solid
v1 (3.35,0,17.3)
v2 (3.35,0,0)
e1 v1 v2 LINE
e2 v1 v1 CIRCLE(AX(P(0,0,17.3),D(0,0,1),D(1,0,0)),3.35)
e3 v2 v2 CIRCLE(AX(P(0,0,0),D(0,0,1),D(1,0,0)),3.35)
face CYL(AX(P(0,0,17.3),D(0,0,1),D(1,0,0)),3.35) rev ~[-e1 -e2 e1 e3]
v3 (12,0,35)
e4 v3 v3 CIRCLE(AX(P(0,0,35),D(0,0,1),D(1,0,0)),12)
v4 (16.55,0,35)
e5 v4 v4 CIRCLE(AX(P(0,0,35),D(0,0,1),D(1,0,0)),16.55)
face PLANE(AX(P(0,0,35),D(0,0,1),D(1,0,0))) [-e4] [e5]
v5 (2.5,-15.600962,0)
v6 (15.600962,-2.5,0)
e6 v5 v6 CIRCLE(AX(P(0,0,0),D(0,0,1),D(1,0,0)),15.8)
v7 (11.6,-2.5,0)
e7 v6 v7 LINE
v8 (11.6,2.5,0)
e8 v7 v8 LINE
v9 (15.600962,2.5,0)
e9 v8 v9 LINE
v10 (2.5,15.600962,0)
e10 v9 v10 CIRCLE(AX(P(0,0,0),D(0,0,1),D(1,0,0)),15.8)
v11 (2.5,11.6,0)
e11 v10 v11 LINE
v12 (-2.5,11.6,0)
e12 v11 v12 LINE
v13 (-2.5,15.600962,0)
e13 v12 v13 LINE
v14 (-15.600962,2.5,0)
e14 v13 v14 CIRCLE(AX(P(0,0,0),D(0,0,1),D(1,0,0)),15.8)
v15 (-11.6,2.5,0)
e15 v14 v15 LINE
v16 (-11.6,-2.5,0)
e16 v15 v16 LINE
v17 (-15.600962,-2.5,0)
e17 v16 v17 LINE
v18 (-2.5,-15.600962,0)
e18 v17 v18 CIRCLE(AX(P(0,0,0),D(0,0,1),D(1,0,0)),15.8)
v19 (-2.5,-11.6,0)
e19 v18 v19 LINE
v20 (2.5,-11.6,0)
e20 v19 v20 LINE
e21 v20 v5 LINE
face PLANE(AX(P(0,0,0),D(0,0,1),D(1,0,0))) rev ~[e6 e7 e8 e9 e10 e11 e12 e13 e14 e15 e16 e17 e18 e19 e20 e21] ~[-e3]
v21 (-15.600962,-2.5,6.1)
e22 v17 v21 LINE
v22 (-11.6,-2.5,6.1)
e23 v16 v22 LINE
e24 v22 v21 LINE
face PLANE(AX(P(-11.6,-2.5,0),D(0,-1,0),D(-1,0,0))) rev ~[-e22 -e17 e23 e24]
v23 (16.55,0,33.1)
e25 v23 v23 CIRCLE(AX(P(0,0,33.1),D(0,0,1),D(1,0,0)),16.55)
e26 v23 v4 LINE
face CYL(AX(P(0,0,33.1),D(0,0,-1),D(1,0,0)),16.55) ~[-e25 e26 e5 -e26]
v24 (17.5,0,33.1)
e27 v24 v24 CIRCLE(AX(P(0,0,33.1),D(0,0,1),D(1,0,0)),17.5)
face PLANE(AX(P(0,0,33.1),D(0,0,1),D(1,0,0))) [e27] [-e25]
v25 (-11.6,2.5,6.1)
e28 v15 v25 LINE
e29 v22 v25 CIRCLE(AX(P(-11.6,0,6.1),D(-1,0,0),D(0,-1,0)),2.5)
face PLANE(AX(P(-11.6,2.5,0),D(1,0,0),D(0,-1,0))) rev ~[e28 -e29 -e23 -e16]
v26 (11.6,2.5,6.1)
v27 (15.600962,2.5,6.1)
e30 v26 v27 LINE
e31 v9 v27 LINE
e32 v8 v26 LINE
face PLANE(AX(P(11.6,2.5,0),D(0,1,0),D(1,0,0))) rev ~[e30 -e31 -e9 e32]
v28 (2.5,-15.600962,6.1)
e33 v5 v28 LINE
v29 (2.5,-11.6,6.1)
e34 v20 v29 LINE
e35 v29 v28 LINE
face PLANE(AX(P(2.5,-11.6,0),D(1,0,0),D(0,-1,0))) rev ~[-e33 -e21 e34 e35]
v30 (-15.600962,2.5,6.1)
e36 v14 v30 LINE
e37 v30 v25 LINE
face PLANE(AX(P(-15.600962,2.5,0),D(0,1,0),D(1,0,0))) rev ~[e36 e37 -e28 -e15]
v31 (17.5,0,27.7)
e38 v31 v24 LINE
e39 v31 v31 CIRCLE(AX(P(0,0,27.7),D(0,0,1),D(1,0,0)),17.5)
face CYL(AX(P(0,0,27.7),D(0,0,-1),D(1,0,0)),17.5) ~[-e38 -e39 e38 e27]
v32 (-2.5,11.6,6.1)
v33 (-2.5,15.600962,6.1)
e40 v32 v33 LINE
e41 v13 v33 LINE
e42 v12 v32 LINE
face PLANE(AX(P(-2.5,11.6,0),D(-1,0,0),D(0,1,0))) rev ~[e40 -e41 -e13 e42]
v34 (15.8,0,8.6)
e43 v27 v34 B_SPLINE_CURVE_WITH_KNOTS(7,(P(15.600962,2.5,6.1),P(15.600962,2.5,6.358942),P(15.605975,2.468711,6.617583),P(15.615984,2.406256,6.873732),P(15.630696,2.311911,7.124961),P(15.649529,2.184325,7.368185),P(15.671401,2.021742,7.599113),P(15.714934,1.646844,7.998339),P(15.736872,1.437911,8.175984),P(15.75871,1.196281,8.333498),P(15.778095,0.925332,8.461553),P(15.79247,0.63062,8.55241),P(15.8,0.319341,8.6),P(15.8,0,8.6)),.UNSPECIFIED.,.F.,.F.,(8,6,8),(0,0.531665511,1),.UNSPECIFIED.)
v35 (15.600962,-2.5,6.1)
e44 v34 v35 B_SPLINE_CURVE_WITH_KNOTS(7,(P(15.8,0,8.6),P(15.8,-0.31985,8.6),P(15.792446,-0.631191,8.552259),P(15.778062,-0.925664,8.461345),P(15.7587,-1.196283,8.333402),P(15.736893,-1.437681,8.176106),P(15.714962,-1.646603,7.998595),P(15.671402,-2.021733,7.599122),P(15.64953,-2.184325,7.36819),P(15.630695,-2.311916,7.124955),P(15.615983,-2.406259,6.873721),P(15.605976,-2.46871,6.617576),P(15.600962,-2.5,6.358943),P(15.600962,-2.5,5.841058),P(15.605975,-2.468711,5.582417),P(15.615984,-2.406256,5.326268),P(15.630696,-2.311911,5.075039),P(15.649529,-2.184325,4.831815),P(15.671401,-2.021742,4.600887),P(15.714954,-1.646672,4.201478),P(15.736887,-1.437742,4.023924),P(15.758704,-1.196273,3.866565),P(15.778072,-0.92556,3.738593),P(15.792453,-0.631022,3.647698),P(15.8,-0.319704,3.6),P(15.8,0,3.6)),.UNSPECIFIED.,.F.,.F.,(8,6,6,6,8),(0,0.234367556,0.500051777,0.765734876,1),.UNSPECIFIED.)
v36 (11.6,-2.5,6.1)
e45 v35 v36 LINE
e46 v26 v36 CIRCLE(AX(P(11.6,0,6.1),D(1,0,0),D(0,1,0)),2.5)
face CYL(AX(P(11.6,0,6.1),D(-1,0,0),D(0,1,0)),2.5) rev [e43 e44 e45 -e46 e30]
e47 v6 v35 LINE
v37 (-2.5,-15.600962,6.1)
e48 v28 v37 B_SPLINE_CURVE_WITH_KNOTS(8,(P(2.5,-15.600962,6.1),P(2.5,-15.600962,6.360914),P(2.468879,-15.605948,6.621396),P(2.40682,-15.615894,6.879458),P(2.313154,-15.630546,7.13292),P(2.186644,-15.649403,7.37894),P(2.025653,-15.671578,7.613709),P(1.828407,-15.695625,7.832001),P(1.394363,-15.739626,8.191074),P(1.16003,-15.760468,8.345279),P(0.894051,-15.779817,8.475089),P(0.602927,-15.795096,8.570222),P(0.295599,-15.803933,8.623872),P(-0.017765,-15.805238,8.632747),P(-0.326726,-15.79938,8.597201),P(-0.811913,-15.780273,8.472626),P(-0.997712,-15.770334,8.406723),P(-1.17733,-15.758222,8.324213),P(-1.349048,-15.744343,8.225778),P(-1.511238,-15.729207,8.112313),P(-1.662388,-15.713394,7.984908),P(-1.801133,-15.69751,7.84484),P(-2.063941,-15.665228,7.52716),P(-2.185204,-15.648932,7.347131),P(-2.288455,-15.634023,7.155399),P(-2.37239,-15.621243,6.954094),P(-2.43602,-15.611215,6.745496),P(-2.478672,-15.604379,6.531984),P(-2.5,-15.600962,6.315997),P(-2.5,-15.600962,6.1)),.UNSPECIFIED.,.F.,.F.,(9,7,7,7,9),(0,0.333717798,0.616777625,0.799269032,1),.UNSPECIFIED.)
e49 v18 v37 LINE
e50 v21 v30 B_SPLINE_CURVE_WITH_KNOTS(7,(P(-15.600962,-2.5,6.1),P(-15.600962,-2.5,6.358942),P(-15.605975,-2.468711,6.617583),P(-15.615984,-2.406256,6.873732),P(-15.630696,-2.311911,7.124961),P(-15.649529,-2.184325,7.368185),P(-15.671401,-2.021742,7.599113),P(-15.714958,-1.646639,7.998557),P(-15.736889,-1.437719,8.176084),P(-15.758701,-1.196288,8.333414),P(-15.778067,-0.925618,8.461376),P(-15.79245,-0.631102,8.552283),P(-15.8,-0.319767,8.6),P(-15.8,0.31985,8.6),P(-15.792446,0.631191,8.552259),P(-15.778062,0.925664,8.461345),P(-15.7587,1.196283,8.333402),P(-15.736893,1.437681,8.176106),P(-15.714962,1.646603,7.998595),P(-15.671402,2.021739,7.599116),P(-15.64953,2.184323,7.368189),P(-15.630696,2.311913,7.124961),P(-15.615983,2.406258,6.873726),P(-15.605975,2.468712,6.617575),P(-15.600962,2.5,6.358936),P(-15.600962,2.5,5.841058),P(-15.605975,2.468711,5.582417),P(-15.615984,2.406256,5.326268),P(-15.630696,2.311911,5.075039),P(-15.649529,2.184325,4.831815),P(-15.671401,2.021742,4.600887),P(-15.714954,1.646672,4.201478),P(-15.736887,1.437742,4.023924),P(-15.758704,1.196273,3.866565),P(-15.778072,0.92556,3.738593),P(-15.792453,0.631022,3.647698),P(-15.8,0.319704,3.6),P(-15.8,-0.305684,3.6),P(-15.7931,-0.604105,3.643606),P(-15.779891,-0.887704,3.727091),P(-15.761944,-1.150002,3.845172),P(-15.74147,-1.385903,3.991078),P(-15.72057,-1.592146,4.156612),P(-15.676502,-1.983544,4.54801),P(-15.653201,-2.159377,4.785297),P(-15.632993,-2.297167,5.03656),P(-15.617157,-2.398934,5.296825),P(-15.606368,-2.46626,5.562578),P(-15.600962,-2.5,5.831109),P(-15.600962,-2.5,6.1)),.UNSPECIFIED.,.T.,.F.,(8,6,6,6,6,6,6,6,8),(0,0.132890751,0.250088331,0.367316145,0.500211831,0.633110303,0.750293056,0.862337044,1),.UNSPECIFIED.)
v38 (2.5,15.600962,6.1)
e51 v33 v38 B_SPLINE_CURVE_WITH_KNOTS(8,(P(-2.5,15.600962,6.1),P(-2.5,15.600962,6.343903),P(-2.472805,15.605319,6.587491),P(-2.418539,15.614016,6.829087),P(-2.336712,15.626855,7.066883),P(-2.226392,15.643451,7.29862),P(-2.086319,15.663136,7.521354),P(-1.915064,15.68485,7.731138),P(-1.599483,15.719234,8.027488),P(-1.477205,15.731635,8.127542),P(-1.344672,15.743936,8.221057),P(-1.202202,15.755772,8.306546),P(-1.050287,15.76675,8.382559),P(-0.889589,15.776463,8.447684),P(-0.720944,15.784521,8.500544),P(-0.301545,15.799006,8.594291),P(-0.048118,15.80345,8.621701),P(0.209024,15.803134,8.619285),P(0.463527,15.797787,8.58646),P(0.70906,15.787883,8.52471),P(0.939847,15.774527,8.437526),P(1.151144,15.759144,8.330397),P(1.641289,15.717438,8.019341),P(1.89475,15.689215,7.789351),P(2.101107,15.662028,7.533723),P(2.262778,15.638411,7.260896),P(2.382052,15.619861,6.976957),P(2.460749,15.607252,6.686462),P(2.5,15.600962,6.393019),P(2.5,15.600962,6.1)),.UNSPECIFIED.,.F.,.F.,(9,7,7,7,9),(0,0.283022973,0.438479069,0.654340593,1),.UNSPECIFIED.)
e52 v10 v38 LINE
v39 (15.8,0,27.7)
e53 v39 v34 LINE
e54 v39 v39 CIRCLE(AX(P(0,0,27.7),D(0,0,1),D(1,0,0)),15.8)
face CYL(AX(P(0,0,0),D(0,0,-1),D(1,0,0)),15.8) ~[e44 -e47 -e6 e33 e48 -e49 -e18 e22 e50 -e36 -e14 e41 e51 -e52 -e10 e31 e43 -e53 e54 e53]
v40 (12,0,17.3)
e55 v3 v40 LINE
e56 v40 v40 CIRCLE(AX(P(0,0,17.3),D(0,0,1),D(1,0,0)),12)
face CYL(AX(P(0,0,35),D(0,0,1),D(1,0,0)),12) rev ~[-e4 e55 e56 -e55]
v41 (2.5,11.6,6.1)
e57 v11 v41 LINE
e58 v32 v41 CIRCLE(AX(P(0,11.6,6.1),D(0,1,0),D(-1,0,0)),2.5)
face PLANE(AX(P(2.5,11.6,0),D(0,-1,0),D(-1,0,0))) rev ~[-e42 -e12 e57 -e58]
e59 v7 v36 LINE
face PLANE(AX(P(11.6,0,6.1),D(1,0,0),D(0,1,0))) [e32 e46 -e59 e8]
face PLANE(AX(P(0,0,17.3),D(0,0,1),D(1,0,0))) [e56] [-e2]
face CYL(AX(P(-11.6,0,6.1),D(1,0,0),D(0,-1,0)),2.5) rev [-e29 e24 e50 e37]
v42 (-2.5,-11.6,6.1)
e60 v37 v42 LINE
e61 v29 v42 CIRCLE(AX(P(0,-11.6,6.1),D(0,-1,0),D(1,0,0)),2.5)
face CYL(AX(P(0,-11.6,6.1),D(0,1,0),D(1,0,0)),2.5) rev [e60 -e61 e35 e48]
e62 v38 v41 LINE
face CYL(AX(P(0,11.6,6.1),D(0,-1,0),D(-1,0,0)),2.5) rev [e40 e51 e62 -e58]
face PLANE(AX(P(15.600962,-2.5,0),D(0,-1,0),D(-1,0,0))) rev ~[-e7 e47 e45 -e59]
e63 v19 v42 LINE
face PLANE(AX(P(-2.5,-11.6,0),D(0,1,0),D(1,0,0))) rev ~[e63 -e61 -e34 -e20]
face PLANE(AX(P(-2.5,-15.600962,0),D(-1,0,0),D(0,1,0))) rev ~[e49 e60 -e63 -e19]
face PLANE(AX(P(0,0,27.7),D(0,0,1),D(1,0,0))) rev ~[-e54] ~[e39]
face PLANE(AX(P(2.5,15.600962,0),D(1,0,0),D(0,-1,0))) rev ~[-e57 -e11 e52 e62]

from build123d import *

# Parameters (mm, degrees)
F0_R      = 15.8
F1_DEPTH  = 27.7
F2_R      = 17.5
F2_R_2    = 15.8
F3_DEPTH  = 5.4
F4_R      = 16.55
F5_DEPTH  = 1.9
F7_DEPTH  = 6.1
F8_DEPTH  = 6.1
F9_R      = 2.5
F10_DEPTH = 25
F11_DEPTH = 6.1
F12_R     = 2.5
F13_DEPTH = 25
F15_DEPTH = 25
F16_R     = 2.5
F17_DEPTH = 25
F18_R     = 12
F19_DEPTH = 17.7
F20_R     = 3.35
F21_DEPTH = 33.4


with BuildPart() as f1:
    # F0 (on Top) → F1 (new body)
    with BuildSketch(Plane.XY):
        Circle(F0_R)
    extrude(amount=F1_DEPTH)

    # F2 (on face) → F3 (join)
    with BuildSketch(Plane.XY.offset(27.7)):
        Circle(F2_R)
        Circle(F2_R_2, mode=Mode.SUBTRACT)
        Circle(F2_R_2)
    extrude(amount=F3_DEPTH)

    # F4 (on face) → F5 (join)
    with BuildSketch(Plane.XY.offset(33.1)):
        Circle(F4_R)
    extrude(amount=F5_DEPTH)

    # F6 (on face) → F7 (join)
    with BuildSketch(Plane(origin=(0, 0, 0), x_dir=(1, 0, 0), z_dir=(0, 0, -1))):
        with BuildLine():
            Line((15.6009615088, 2.5), (11.6, 2.5))
            Line((11.6, 2.5), (11.6, -2.5))
            Line((11.6, -2.5), (15.6009615088, -2.5))
            ThreePointArc((15.6009615088, -2.5), (15.7501617744, -1.2539553741), (15.8, 0))
            ThreePointArc((15.8, 0), (15.7501617744, 1.2539553741), (15.6009615088, 2.5))
        make_face()
    extrude(amount=-F7_DEPTH)

    # F6 (on face) → F8 (cut)
    with BuildSketch(Plane(origin=(0, 0, 0), x_dir=(1, 0, 0), z_dir=(0, 0, -1))):
        with BuildLine():
            Line((-2.5, 15.6009615088), (-2.5, 11.6))
            Line((-2.5, 11.6), (2.5, 11.6))
            Line((2.5, 11.6), (2.5, 15.6009615088))
            ThreePointArc((2.5, 15.6009615088), (0, 15.8), (-2.5, 15.6009615088))
        make_face()
    extrude(amount=-F8_DEPTH, mode=Mode.SUBTRACT)

    # F9 (on face) → F10 (cut)
    with BuildSketch(Plane.XZ.offset(11.6)):
        with BuildLine():
            Line((2.5, 0), (2.5, 6.1))
            ThreePointArc((2.5, 6.1), (0, 3.6), (-2.5, 6.1))
            Line((-2.5, 6.1), (-2.5, 0))
            Line((-2.5, 0), (2.5, 0))
        make_face()
        with Locations((0, 6.1)):
            Circle(F9_R)
    extrude(amount=F10_DEPTH, mode=Mode.SUBTRACT)

    # F6 (on face) → F11 (cut)
    with BuildSketch(Plane(origin=(0, 0, 0), x_dir=(1, 0, 0), z_dir=(0, 0, -1))):
        with BuildLine():
            Line((-11.6, -2.5), (-11.6, 2.5))
            Line((-11.6, 2.5), (-15.6009615088, 2.5))
            ThreePointArc((-15.6009615088, 2.5), (-15.8, 0), (-15.6009615088, -2.5))
            Line((-15.6009615088, -2.5), (-11.6, -2.5))
        make_face()
        with BuildLine():
            Line((2.5, -11.6), (-2.5, -11.6))
            Line((-2.5, -11.6), (-2.5, -15.6009615088))
            ThreePointArc((-2.5, -15.6009615088), (0, -15.8), (2.5, -15.6009615088))
            Line((2.5, -15.6009615088), (2.5, -11.6))
        make_face()
        with BuildLine():
            Line((15.6009615088, 2.5), (11.6, 2.5))
            Line((11.6, 2.5), (11.6, -2.5))
            Line((11.6, -2.5), (15.6009615088, -2.5))
            ThreePointArc((15.6009615088, -2.5), (15.7501617744, -1.2539553741), (15.8, 0))
            ThreePointArc((15.8, 0), (15.7501617744, 1.2539553741), (15.6009615088, 2.5))
        make_face()
    extrude(amount=-F11_DEPTH, mode=Mode.SUBTRACT)

    # F12 (on face) → F13 (cut)
    with BuildSketch(Plane(origin=(-11.6, 0, 0), x_dir=(0, -1, 0), z_dir=(-1, 0, 0))):
        with Locations((0, 6.1)):
            Circle(F12_R)
    extrude(amount=F13_DEPTH, mode=Mode.SUBTRACT)

    # F14 (on face) → F15 (cut)
    with BuildSketch(Plane(origin=(0, 11.6, 0), x_dir=(-1, 0, 0), z_dir=(0, 1, 0))):
        with BuildLine():
            Line((-2.5, 6.1), (2.5, 6.1))
            ThreePointArc((2.5, 6.1), (0, 8.6), (-2.5, 6.1))
        make_face()
    extrude(amount=F15_DEPTH, mode=Mode.SUBTRACT)

    # F16 (on face) → F17 (cut)
    with BuildSketch(Plane.YZ.offset(11.6)):
        with Locations((0, 6.1)):
            Circle(F16_R)
    extrude(amount=F17_DEPTH, mode=Mode.SUBTRACT)

    # F18 (on face) → F19 (cut)
    with BuildSketch(Plane.XY.offset(35)):
        Circle(F18_R)
    extrude(amount=-F19_DEPTH, mode=Mode.SUBTRACT)

    # F20 (on face) → F21 (cut)
    with BuildSketch(Plane.XY.offset(17.3)):
        Circle(F20_R)
    extrude(amount=-F21_DEPTH, mode=Mode.SUBTRACT)


solid = f1.part
